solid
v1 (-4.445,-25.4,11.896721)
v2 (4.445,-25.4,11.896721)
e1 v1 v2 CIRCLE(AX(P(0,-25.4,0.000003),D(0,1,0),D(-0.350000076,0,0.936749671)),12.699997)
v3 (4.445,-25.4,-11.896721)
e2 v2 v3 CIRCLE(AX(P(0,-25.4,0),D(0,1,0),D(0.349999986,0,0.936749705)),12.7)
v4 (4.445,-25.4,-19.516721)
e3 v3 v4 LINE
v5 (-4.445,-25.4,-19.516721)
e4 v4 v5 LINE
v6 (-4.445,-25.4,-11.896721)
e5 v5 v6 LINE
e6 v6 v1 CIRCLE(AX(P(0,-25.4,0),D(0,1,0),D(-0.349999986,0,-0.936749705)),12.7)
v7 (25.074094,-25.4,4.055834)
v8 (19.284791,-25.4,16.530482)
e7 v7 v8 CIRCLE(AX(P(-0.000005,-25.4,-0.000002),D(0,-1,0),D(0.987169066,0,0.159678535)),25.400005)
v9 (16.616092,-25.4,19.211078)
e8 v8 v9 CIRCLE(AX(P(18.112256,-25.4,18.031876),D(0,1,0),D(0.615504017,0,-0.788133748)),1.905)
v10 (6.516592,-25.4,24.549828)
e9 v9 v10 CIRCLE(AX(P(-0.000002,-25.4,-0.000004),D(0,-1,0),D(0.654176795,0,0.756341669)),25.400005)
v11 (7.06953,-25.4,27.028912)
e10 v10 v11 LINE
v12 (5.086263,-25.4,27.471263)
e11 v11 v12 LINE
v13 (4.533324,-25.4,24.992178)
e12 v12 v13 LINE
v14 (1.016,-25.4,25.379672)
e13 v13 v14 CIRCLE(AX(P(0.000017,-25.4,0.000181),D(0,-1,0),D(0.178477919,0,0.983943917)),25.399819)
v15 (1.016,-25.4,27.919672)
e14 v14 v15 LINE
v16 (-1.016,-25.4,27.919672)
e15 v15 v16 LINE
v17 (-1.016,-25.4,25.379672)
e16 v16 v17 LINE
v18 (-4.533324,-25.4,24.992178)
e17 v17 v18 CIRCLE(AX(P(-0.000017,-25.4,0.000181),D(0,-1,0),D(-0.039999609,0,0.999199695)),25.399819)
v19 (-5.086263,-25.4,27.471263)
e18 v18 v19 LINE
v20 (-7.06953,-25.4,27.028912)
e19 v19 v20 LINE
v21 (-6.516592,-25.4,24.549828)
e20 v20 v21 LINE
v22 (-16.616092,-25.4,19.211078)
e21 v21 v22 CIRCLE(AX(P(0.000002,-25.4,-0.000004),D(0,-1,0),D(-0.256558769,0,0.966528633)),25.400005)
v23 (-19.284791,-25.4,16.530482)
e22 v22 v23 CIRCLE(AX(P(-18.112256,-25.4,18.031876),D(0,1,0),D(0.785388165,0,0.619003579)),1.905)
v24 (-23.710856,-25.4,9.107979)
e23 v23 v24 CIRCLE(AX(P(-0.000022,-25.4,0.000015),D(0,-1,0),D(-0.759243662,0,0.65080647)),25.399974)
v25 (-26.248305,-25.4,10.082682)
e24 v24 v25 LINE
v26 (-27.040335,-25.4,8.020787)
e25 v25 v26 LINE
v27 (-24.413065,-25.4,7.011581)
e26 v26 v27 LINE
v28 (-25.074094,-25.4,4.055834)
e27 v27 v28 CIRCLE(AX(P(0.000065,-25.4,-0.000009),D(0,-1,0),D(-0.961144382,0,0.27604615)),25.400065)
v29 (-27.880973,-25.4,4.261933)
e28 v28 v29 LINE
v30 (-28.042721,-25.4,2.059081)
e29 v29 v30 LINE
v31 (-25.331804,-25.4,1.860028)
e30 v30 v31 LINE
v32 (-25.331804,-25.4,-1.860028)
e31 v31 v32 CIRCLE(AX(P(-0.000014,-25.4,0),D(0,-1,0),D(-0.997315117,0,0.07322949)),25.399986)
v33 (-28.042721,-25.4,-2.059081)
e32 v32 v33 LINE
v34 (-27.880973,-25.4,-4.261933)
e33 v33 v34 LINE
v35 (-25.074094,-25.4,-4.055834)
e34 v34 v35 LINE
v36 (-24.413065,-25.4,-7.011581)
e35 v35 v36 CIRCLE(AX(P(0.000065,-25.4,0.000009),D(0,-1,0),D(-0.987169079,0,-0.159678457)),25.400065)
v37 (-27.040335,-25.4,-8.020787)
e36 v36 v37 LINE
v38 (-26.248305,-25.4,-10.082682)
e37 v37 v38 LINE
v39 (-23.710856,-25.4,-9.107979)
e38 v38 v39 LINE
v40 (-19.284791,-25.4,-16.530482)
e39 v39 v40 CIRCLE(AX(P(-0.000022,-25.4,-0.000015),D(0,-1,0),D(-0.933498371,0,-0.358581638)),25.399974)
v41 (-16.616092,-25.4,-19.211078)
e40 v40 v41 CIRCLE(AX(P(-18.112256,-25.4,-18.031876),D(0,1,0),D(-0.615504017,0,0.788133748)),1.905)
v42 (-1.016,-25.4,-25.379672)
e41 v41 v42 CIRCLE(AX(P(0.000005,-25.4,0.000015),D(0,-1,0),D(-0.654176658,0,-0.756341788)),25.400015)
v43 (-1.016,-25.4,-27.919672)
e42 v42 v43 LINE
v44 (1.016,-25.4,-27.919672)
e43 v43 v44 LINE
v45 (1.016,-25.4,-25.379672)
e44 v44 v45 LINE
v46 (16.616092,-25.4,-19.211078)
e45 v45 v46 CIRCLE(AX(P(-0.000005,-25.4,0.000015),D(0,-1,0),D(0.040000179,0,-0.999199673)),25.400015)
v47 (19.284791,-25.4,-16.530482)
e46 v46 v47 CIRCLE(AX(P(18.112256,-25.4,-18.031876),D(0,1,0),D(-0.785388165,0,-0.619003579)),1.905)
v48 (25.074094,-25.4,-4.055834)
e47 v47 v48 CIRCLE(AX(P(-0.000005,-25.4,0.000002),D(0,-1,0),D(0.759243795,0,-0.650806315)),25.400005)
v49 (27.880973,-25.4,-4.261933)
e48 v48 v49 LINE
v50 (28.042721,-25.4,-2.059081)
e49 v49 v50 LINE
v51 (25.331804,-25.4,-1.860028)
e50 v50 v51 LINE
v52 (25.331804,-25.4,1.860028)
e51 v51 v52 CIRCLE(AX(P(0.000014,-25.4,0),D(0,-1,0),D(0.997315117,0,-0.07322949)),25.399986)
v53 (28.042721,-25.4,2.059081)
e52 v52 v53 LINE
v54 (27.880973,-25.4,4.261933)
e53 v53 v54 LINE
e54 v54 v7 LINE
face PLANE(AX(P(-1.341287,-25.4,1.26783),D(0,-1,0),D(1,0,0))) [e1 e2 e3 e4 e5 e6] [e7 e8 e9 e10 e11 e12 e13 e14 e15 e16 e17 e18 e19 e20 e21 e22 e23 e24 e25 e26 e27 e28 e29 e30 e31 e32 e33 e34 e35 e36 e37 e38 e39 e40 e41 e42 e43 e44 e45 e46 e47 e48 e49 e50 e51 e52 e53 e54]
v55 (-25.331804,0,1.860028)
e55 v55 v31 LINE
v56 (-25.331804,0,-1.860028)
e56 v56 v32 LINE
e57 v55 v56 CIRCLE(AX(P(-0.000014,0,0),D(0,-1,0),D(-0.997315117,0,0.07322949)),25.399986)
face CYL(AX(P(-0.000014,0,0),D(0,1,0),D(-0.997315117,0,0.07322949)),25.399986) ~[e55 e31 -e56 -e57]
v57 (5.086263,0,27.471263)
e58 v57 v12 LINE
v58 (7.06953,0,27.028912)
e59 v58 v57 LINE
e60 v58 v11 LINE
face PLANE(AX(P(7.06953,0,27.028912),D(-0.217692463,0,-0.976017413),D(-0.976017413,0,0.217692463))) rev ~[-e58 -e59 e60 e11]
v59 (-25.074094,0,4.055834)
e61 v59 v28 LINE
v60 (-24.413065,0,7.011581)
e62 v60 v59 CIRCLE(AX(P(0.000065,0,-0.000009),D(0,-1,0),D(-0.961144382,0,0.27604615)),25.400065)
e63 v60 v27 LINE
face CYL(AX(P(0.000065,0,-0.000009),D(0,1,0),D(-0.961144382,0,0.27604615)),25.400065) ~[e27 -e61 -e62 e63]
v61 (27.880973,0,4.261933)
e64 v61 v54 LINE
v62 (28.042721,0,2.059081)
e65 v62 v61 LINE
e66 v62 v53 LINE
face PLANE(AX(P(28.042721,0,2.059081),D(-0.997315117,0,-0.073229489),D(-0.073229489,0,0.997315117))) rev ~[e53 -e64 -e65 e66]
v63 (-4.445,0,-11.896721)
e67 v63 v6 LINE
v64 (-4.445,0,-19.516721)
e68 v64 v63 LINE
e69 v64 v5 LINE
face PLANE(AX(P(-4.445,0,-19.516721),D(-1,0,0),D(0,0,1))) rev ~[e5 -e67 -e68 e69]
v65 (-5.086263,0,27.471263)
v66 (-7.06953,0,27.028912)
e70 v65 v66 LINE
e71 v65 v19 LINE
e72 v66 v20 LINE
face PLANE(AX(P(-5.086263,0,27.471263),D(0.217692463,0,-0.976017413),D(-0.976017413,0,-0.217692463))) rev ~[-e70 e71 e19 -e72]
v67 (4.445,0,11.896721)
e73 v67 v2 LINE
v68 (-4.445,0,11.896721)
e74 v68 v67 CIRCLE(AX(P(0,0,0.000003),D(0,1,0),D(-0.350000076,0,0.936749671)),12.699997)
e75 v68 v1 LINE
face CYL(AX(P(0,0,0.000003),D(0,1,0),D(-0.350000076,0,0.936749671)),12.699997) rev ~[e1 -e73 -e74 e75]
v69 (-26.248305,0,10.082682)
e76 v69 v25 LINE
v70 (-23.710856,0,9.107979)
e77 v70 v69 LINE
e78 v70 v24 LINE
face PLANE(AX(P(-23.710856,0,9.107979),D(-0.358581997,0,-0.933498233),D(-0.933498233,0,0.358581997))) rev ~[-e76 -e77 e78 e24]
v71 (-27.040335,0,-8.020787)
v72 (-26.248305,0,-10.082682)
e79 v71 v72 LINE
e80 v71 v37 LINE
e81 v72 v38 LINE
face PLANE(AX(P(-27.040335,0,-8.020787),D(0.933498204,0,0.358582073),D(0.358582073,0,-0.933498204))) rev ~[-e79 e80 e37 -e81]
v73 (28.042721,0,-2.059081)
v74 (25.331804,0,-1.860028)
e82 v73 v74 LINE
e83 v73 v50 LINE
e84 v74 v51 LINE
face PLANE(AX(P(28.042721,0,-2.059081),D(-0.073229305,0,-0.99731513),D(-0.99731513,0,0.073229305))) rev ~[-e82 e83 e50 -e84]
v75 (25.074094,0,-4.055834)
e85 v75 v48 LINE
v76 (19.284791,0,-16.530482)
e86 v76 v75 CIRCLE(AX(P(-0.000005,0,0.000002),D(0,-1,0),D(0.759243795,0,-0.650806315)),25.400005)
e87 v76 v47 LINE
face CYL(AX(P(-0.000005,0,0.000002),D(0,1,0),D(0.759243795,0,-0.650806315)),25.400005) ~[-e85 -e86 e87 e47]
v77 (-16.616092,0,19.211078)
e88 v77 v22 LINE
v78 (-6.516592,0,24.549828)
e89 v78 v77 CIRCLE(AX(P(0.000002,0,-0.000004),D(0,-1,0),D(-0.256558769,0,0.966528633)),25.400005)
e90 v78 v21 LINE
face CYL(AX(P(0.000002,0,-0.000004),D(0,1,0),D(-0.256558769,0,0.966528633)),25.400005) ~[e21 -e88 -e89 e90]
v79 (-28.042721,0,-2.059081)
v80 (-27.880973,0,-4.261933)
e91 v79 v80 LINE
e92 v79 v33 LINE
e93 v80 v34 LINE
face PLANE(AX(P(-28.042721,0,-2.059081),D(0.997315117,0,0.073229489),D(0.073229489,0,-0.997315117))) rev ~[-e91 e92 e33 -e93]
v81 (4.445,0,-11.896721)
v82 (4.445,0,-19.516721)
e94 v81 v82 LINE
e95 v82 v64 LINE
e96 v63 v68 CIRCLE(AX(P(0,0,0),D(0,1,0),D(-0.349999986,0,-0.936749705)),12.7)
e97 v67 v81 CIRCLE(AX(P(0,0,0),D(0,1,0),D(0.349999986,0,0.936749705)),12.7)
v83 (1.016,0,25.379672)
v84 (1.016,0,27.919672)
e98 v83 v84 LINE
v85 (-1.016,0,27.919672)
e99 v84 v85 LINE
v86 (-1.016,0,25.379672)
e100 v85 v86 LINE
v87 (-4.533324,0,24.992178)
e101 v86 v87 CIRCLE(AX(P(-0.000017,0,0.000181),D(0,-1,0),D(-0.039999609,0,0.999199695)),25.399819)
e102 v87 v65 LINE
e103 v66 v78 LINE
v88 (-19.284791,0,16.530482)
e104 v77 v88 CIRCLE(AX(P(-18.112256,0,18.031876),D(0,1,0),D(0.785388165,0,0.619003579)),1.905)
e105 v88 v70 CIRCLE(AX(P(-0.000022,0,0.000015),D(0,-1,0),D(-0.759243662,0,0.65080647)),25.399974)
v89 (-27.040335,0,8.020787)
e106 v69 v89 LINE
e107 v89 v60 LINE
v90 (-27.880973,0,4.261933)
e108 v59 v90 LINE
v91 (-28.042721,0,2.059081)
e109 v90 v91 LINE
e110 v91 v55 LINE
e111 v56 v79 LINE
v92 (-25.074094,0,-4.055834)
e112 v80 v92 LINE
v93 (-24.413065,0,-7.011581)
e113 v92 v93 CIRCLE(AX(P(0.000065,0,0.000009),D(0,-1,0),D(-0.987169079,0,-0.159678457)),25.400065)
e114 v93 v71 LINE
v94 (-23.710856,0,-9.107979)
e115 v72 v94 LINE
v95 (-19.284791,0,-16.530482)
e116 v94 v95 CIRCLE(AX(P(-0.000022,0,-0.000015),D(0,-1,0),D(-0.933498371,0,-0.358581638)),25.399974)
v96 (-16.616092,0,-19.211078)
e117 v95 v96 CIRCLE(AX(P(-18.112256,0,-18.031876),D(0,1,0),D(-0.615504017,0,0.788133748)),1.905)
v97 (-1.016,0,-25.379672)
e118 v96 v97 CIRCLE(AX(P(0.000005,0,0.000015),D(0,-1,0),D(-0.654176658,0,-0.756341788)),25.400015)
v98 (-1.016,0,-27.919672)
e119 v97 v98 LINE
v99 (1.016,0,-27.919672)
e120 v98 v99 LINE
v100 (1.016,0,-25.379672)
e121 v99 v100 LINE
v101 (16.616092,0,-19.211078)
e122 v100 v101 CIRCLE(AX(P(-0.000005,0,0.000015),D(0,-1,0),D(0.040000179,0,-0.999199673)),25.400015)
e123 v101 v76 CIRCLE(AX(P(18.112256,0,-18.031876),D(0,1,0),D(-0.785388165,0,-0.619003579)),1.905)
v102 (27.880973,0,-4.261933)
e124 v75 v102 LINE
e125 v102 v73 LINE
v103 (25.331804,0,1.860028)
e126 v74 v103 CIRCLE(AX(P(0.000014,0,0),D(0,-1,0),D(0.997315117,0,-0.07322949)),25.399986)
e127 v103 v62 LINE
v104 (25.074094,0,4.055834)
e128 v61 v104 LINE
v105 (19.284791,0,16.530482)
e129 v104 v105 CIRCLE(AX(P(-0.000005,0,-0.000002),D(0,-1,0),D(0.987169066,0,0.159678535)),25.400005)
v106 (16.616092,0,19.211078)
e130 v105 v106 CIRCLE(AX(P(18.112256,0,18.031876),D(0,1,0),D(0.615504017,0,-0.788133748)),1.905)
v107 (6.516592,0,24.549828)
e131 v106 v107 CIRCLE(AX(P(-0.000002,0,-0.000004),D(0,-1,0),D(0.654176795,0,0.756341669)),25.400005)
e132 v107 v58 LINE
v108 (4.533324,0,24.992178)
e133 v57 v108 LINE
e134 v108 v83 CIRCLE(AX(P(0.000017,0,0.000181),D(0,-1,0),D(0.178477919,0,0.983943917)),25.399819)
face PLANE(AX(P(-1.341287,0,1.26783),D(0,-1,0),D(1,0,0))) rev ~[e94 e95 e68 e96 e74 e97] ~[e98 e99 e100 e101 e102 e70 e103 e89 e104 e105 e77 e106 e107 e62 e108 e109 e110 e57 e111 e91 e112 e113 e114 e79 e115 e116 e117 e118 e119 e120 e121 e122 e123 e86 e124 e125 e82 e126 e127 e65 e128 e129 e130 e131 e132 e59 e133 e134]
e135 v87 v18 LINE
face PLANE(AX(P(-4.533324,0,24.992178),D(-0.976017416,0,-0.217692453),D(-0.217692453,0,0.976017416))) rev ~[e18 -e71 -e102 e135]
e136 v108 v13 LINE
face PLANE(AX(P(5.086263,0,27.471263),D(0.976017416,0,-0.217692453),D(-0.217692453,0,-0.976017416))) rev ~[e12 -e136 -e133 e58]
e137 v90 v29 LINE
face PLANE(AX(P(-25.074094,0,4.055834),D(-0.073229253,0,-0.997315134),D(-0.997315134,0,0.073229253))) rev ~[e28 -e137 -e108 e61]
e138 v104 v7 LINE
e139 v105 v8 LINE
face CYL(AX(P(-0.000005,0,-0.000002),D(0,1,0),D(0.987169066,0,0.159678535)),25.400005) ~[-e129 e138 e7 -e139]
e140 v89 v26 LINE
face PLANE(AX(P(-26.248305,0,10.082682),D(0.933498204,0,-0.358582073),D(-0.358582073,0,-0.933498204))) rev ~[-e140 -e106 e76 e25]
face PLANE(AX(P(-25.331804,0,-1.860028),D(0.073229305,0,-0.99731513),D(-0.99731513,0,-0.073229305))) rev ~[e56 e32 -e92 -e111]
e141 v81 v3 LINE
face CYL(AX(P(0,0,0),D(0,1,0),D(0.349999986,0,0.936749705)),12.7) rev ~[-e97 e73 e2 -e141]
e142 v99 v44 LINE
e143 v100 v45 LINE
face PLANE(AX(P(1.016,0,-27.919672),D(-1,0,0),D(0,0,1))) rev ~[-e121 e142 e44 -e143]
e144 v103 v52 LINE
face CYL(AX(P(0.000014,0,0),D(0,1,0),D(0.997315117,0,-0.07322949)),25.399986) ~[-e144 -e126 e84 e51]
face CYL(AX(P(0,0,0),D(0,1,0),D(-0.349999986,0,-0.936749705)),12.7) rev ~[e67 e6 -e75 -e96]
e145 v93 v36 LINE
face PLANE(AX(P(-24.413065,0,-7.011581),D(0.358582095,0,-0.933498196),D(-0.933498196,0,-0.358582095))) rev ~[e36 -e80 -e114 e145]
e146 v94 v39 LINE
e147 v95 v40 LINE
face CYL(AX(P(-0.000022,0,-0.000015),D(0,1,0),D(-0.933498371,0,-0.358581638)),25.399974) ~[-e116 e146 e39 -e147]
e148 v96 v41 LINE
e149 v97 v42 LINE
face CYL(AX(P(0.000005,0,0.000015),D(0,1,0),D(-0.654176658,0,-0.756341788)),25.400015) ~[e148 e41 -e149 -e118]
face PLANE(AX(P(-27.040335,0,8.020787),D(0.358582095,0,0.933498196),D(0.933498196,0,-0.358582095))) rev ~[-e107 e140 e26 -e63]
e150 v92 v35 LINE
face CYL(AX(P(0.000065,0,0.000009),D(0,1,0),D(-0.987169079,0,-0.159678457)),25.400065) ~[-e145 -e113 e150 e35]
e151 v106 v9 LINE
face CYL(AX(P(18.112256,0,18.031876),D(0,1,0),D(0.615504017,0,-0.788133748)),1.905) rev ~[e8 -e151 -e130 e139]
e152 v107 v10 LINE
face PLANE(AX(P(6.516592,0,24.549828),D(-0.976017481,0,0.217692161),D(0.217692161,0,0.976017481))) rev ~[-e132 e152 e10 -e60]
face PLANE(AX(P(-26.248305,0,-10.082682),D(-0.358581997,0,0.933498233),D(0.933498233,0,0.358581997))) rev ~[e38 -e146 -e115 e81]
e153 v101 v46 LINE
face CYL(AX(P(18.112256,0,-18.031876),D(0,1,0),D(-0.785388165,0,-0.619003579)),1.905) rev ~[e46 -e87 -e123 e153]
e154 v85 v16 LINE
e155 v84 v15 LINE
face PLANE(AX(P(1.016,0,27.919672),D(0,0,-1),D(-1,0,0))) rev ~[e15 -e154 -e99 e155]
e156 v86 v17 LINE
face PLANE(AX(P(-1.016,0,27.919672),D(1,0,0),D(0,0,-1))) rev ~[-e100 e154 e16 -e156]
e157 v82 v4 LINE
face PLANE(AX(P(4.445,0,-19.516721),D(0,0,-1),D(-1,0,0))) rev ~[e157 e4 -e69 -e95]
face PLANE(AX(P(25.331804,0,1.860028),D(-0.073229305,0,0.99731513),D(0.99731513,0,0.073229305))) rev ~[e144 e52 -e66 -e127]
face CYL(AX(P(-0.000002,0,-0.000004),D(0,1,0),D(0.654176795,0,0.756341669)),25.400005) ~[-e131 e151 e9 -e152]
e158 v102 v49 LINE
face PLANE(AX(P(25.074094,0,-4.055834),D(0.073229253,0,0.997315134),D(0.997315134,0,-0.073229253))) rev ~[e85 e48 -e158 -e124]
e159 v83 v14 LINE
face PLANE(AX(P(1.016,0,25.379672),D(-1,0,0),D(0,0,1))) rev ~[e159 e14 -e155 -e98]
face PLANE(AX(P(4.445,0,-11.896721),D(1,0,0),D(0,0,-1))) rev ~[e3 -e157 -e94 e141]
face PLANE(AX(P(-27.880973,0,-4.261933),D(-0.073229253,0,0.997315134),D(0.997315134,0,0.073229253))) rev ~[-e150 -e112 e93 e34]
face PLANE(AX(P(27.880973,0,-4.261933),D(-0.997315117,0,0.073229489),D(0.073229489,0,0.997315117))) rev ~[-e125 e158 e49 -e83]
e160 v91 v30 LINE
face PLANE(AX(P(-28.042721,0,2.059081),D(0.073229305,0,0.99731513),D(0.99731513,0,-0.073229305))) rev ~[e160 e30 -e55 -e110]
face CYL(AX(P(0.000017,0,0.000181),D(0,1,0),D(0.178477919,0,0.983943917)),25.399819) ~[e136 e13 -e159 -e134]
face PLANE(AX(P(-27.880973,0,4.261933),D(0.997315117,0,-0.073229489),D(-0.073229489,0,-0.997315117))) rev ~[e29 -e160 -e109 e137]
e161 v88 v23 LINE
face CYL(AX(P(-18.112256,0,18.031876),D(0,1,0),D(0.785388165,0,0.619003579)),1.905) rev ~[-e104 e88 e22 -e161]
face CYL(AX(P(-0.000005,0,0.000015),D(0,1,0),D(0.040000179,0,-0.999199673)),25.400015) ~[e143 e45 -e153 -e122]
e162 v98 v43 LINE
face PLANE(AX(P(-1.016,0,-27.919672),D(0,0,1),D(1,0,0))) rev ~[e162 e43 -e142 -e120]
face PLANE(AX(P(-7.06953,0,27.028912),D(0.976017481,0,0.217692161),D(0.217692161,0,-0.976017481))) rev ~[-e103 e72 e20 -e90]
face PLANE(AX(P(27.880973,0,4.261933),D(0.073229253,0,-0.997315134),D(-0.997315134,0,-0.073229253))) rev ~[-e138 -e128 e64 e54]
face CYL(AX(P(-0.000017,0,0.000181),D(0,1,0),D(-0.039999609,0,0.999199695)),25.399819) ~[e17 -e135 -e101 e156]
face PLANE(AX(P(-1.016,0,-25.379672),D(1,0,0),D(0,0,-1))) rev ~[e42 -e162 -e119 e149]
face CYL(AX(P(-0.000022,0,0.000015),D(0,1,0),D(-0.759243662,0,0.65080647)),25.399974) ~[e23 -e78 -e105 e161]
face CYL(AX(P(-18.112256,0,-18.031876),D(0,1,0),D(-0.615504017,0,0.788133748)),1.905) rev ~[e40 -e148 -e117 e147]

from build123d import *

# Parameters (mm, degrees)
F1_DEPTH = 25.4


with BuildPart() as f1:
    # F0 (on Front) → F1 (new body)
    with BuildSketch(Plane.XZ):
        with BuildLine():
            ThreePointArc((19.284791, 16.530482), (16.762226, 16.687837), (16.616092, 19.211078))
            ThreePointArc((16.616092, 19.211078), (11.870376, 22.455605), (6.516592, 24.549828))
            Line((6.516592, 24.549828), (7.06953, 27.028912))
            Line((7.06953, 27.028912), (5.086263, 27.471263))
            Line((5.086263, 27.471263), (4.533324, 24.992178))
            ThreePointArc((4.533324, 24.992178), (2.781418, 25.247252), (1.016, 25.379672))
            Line((1.016, 25.379672), (1.016, 27.919672))
            Line((1.016, 27.919672), (-1.016, 27.919672))
            Line((-1.016, 27.919672), (-1.016, 25.379672))
            ThreePointArc((-1.016, 25.379672), (-2.781418, 25.247252), (-4.533324, 24.992178))
            Line((-4.533324, 24.992178), (-5.086263, 27.471263))
            Line((-5.086263, 27.471263), (-7.06953, 27.028912))
            Line((-7.06953, 27.028912), (-6.516592, 24.549828))
            ThreePointArc((-6.516592, 24.549828), (-11.870376, 22.455605), (-16.616092, 19.211078))
            ThreePointArc((-16.616092, 19.211078), (-16.762226, 16.687837), (-19.284791, 16.530482))
            ThreePointArc((-19.284791, 16.530482), (-21.815816, 13.00885), (-23.710856, 9.107979))
            Line((-23.710856, 9.107979), (-26.248305, 10.082682))
            Line((-26.248305, 10.082682), (-27.040335, 8.020787))
            Line((-27.040335, 8.020787), (-24.413065, 7.011581))
            ThreePointArc((-24.413065, 7.011581), (-24.787675, 5.543569), (-25.074094, 4.055834))
            Line((-25.074094, 4.055834), (-27.880973, 4.261933))
            Line((-27.880973, 4.261933), (-28.042721, 2.059081))
            Line((-28.042721, 2.059081), (-25.331804, 1.860028))
            ThreePointArc((-25.331804, 1.860028), (-25.4, 0), (-25.331804, -1.860028))
            Line((-25.331804, -1.860028), (-28.042721, -2.059081))
            Line((-28.042721, -2.059081), (-27.880973, -4.261933))
            Line((-27.880973, -4.261933), (-25.074094, -4.055834))
            ThreePointArc((-25.074094, -4.055834), (-24.787675, -5.543569), (-24.413065, -7.011581))
            Line((-24.413065, -7.011581), (-27.040335, -8.020787))
            Line((-27.040335, -8.020787), (-26.248305, -10.082682))
            Line((-26.248305, -10.082682), (-23.710856, -9.107979))
            ThreePointArc((-23.710856, -9.107979), (-21.815816, -13.00885), (-19.284791, -16.530482))
            ThreePointArc((-19.284791, -16.530482), (-16.762226, -16.687837), (-16.616092, -19.211078))
            ThreePointArc((-16.616092, -19.211078), (-9.339997, -23.620424), (-1.016, -25.379672))
            Line((-1.016, -25.379672), (-1.016, -27.919672))
            Line((-1.016, -27.919672), (1.016, -27.919672))
            Line((1.016, -27.919672), (1.016, -25.379672))
            ThreePointArc((1.016, -25.379672), (9.339997, -23.620424), (16.616092, -19.211078))
            ThreePointArc((16.616092, -19.211078), (16.762226, -16.687837), (19.284791, -16.530482))
            ThreePointArc((19.284791, -16.530482), (23.039789, -10.692432), (25.074094, -4.055834))
            Line((25.074094, -4.055834), (27.880973, -4.261933))
            Line((27.880973, -4.261933), (28.042721, -2.059081))
            Line((28.042721, -2.059081), (25.331804, -1.860028))
            ThreePointArc((25.331804, -1.860028), (25.4, 0), (25.331804, 1.860028))
            Line((25.331804, 1.860028), (28.042721, 2.059081))
            Line((28.042721, 2.059081), (27.880973, 4.261933))
            Line((27.880973, 4.261933), (25.074094, 4.055834))
            ThreePointArc((25.074094, 4.055834), (23.039789, 10.692432), (19.284791, 16.530482))
        make_face()
        with BuildLine():
            ThreePointArc((-4.445, -11.896721), (-12.7, 0), (-4.445, 11.896721))
            ThreePointArc((-4.445, 11.896721), (0, 12.7), (4.445, 11.896721))
            ThreePointArc((4.445, 11.896721), (12.7, 0), (4.445, -11.896721))
            Line((4.445, -11.896721), (4.445, -19.516721))
            Line((4.445, -19.516721), (-4.445, -19.516721))
            Line((-4.445, -19.516721), (-4.445, -11.896721))
        make_face(mode=Mode.SUBTRACT)
    extrude(amount=F1_DEPTH)


solid = f1.part
